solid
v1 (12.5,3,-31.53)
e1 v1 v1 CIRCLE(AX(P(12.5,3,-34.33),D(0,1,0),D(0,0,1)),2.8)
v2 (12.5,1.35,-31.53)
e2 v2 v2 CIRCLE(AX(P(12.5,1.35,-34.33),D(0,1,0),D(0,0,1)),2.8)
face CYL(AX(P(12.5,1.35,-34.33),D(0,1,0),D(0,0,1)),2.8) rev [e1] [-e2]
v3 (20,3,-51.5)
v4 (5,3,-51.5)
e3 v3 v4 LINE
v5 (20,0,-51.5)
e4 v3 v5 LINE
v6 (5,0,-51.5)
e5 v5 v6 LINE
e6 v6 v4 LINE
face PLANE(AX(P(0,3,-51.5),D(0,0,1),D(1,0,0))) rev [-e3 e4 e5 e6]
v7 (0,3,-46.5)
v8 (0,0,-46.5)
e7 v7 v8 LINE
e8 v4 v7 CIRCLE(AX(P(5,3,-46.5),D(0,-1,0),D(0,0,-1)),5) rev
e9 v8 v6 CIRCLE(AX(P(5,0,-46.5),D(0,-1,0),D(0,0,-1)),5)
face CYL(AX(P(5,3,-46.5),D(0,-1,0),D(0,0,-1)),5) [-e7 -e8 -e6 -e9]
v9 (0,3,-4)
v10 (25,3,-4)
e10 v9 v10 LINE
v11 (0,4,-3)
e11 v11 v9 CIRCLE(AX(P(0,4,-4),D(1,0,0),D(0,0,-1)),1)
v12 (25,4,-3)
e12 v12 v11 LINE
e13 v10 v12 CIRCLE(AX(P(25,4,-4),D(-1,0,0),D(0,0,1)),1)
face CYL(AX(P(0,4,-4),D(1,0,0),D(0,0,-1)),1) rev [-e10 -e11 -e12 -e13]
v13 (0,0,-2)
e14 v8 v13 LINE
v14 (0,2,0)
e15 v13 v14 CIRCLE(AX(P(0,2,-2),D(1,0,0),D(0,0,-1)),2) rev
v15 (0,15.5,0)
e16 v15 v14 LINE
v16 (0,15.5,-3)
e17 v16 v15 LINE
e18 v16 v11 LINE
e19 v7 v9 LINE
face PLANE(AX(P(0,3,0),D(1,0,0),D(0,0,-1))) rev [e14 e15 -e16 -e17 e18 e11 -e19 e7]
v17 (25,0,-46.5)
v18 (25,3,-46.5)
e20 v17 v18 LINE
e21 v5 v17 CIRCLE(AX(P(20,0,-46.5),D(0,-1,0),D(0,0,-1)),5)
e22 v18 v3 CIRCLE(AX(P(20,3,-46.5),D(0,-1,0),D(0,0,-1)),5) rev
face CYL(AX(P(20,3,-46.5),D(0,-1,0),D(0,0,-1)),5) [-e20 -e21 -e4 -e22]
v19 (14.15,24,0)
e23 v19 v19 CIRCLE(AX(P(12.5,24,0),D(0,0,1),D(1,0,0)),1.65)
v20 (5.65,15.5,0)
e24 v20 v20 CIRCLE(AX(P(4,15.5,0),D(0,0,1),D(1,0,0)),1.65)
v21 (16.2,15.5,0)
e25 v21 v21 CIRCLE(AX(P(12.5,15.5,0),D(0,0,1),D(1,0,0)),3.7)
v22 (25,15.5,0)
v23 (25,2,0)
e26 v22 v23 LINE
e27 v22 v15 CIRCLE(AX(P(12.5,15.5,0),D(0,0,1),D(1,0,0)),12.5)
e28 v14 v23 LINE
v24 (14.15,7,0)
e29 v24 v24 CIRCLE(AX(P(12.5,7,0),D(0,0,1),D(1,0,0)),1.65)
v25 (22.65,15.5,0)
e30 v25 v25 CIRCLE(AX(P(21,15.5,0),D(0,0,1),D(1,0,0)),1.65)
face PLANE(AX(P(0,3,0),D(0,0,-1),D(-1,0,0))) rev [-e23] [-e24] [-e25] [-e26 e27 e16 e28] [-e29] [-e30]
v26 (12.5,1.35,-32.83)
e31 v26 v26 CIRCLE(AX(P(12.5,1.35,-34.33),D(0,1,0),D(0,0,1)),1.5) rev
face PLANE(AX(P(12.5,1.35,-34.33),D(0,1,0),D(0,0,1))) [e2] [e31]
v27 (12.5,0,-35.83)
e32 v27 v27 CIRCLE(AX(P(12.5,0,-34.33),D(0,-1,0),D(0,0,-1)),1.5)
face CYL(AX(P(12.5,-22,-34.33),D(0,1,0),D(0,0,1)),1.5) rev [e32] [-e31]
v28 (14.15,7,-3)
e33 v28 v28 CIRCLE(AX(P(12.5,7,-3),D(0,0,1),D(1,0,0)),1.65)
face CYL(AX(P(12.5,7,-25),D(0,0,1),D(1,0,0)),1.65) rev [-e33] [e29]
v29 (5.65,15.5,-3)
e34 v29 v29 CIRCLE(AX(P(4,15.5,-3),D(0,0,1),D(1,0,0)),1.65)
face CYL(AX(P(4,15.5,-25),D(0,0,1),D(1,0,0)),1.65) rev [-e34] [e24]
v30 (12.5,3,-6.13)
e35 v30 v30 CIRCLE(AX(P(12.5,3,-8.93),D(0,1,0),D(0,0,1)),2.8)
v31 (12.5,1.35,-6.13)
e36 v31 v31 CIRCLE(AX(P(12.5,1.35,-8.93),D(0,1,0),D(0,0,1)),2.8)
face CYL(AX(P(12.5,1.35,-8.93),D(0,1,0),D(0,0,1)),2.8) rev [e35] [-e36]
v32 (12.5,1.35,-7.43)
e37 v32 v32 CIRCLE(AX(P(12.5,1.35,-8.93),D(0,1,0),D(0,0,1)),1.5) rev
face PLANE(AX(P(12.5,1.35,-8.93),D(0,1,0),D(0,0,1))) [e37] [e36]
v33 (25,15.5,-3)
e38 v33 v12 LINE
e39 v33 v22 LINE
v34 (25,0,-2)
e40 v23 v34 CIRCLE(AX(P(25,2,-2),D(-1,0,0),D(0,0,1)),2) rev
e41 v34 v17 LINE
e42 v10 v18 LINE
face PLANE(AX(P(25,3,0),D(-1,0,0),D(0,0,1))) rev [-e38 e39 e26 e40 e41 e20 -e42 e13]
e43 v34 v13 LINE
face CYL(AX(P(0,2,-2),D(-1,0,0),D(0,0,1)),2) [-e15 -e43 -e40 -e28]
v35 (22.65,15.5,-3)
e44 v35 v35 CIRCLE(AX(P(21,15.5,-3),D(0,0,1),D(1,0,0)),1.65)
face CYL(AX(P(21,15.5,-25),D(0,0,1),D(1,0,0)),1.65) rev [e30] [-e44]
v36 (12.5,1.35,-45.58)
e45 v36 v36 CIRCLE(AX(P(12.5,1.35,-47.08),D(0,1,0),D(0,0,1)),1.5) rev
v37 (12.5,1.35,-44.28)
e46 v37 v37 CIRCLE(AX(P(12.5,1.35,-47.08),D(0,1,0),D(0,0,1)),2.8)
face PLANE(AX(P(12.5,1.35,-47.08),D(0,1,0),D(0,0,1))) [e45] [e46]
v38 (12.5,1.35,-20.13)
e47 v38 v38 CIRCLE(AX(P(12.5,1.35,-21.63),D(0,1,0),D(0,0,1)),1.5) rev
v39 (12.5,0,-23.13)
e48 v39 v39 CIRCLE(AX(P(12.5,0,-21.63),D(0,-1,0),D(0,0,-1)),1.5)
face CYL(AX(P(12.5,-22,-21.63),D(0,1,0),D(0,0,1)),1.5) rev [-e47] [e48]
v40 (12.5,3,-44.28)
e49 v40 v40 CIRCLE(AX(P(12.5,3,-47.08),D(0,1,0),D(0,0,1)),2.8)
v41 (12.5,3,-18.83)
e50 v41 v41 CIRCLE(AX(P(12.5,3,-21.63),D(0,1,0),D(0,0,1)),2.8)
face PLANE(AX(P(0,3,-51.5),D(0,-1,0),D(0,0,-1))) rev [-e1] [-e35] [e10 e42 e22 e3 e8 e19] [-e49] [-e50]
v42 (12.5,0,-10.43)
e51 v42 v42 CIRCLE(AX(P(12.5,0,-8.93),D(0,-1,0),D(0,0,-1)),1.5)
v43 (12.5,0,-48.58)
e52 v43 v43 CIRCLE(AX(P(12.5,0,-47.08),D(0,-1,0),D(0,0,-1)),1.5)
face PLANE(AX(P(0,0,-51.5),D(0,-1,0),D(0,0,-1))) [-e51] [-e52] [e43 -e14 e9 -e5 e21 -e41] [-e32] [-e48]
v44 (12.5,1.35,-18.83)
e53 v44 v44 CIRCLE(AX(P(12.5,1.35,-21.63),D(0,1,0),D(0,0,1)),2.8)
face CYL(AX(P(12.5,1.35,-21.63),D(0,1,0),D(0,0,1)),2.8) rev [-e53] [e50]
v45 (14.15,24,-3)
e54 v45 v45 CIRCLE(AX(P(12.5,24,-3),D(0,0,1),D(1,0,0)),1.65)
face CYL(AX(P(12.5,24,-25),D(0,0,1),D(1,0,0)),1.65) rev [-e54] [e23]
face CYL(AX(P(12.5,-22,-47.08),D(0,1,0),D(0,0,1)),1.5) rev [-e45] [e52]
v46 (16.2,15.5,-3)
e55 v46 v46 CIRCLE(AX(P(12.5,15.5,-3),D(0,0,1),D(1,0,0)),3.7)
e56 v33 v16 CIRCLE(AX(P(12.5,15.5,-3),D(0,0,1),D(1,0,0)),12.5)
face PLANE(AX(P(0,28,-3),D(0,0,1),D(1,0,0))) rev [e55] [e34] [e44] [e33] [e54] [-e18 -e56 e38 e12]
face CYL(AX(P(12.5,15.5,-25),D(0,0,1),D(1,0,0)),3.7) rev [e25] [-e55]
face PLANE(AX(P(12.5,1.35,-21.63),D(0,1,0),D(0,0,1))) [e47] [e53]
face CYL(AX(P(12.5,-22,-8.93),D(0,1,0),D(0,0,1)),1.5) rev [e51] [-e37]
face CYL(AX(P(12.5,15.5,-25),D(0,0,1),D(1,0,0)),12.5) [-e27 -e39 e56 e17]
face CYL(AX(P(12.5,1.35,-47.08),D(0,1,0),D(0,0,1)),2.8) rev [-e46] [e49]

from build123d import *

# Parameters (mm, degrees)
ESBO_O1_W                = 25
ESBO_O1_H                = 51.5
RESSALTO_EXTRUS_O1_DEPTH = 3
ESBO_O4_W                = 25
ESBO_O4_H                = 3
RESSALTO_EXTRUS_O2_DEPTH = 25
ESBO_O5_R                = 1.65
ESBO_O5_R_2              = 3.7
CORTE_EXTRUS_O1_DEPTH    = 25
ESBO_O7_R                = 1.5
CORTE_EXTRUS_O2_DEPTH    = 25
FILETE1_R                = 5
FILETE2_R                = 2
FILETE3_R                = 1
ESBO_O8_R                = 2.8
CORTE_EXTRUS_O3_DEPTH    = 1.65


with BuildPart() as part:
    # Esboço1 → Ressalto-extrusão1 (new body)
    with BuildSketch(Plane(origin=(0, 0, 0), x_dir=(1, 0, 0), z_dir=(0, 1, 0))):
        with Locations((12.5, 25.75)):
            Rectangle(ESBO_O1_W, ESBO_O1_H)
    extrude(amount=RESSALTO_EXTRUS_O1_DEPTH)

    # Esboço4 → Ressalto-extrusão2 (add)
    with BuildSketch(Plane(origin=(0, 3, 0), x_dir=(1, 0, 0), z_dir=(0, 1, 0))):
        with Locations((12.5, 1.5)):
            Rectangle(ESBO_O4_W, ESBO_O4_H)
    extrude(amount=RESSALTO_EXTRUS_O2_DEPTH)

    # Esboço5 → Corte-extrusão1 (cut)
    with BuildSketch(Plane.XY):
        with Locations((4, 15.5)):
            Circle(ESBO_O5_R)
        with BuildLine():
            ThreePointArc((0, 15.5), (3.661165235, 24.338834765), (12.5, 28))
            Line((12.5, 28), (0, 28))
            Line((0, 28), (0, 15.5))
        make_face()
        with Locations((12.5, 24)):
            Circle(ESBO_O5_R)
        with Locations((12.5, 15.5)):
            Circle(ESBO_O5_R_2)
        with Locations((21, 15.5)):
            Circle(ESBO_O5_R)
        with Locations((12.5, 7)):
            Circle(ESBO_O5_R)
        with BuildLine():
            ThreePointArc((12.5, 28), (21.338834765, 24.338834765), (25, 15.5))
            Line((25, 15.5), (25, 28))
            Line((25, 28), (12.5, 28))
        make_face()
    extrude(amount=-CORTE_EXTRUS_O1_DEPTH, mode=Mode.SUBTRACT)

    # Esboço7 → Corte-extrusão2 (cut)
    with BuildSketch(Plane(origin=(0, 3, 0), x_dir=(1, 0, 0), z_dir=(0, 1, 0))):
        with Locations(Location((12.5, 34.33, 0), (0, 0, 270))):
            Circle(ESBO_O7_R)
        with Locations(Location((12.5, 21.63, 0), (0, 0, 270))):
            Circle(ESBO_O7_R)
        with Locations(Location((12.5, 8.93, 0), (0, 0, 270))):
            Circle(ESBO_O7_R)
        with Locations(Location((12.5, 47.08, 0), (0, 0, 270))):
            Circle(ESBO_O7_R)
    extrude(amount=-CORTE_EXTRUS_O2_DEPTH, mode=Mode.SUBTRACT)

    # Filete1
    filete1_edges = [part.edges().sort_by_distance(p)[0] for p in [
        (0, 1.5, -51.5),
        (25, 1.5, -51.5),
    ]]
    fillet(filete1_edges, radius=FILETE1_R)

    # Filete2
    filete2_edges = [part.edges().sort_by_distance(p)[0] for p in [
        (12.5, 0, 0),
    ]]
    fillet(filete2_edges, radius=FILETE2_R)

    # Filete3
    filete3_edges = [part.edges().sort_by_distance(p)[0] for p in [
        (12.5, 3, -3),
    ]]
    fillet(filete3_edges, radius=FILETE3_R)

    # Esboço8 → Corte-extrusão3 (cut)
    with BuildSketch(Plane(origin=(0, 3, 0), x_dir=(1, 0, 0), z_dir=(0, 1, 0))):
        with Locations(Location((12.5, 47.08, 0), (0, 0, 270))):
            Circle(ESBO_O8_R)
        with Locations(Location((12.5, 34.33, 0), (0, 0, 270))):
            Circle(ESBO_O8_R)
        with Locations(Location((12.5, 21.63, 0), (0, 0, 270))):
            Circle(ESBO_O8_R)
        with Locations(Location((12.5, 8.93, 0), (0, 0, 270))):
            Circle(ESBO_O8_R)
    extrude(amount=-CORTE_EXTRUS_O3_DEPTH, mode=Mode.SUBTRACT)


solid = part.part
